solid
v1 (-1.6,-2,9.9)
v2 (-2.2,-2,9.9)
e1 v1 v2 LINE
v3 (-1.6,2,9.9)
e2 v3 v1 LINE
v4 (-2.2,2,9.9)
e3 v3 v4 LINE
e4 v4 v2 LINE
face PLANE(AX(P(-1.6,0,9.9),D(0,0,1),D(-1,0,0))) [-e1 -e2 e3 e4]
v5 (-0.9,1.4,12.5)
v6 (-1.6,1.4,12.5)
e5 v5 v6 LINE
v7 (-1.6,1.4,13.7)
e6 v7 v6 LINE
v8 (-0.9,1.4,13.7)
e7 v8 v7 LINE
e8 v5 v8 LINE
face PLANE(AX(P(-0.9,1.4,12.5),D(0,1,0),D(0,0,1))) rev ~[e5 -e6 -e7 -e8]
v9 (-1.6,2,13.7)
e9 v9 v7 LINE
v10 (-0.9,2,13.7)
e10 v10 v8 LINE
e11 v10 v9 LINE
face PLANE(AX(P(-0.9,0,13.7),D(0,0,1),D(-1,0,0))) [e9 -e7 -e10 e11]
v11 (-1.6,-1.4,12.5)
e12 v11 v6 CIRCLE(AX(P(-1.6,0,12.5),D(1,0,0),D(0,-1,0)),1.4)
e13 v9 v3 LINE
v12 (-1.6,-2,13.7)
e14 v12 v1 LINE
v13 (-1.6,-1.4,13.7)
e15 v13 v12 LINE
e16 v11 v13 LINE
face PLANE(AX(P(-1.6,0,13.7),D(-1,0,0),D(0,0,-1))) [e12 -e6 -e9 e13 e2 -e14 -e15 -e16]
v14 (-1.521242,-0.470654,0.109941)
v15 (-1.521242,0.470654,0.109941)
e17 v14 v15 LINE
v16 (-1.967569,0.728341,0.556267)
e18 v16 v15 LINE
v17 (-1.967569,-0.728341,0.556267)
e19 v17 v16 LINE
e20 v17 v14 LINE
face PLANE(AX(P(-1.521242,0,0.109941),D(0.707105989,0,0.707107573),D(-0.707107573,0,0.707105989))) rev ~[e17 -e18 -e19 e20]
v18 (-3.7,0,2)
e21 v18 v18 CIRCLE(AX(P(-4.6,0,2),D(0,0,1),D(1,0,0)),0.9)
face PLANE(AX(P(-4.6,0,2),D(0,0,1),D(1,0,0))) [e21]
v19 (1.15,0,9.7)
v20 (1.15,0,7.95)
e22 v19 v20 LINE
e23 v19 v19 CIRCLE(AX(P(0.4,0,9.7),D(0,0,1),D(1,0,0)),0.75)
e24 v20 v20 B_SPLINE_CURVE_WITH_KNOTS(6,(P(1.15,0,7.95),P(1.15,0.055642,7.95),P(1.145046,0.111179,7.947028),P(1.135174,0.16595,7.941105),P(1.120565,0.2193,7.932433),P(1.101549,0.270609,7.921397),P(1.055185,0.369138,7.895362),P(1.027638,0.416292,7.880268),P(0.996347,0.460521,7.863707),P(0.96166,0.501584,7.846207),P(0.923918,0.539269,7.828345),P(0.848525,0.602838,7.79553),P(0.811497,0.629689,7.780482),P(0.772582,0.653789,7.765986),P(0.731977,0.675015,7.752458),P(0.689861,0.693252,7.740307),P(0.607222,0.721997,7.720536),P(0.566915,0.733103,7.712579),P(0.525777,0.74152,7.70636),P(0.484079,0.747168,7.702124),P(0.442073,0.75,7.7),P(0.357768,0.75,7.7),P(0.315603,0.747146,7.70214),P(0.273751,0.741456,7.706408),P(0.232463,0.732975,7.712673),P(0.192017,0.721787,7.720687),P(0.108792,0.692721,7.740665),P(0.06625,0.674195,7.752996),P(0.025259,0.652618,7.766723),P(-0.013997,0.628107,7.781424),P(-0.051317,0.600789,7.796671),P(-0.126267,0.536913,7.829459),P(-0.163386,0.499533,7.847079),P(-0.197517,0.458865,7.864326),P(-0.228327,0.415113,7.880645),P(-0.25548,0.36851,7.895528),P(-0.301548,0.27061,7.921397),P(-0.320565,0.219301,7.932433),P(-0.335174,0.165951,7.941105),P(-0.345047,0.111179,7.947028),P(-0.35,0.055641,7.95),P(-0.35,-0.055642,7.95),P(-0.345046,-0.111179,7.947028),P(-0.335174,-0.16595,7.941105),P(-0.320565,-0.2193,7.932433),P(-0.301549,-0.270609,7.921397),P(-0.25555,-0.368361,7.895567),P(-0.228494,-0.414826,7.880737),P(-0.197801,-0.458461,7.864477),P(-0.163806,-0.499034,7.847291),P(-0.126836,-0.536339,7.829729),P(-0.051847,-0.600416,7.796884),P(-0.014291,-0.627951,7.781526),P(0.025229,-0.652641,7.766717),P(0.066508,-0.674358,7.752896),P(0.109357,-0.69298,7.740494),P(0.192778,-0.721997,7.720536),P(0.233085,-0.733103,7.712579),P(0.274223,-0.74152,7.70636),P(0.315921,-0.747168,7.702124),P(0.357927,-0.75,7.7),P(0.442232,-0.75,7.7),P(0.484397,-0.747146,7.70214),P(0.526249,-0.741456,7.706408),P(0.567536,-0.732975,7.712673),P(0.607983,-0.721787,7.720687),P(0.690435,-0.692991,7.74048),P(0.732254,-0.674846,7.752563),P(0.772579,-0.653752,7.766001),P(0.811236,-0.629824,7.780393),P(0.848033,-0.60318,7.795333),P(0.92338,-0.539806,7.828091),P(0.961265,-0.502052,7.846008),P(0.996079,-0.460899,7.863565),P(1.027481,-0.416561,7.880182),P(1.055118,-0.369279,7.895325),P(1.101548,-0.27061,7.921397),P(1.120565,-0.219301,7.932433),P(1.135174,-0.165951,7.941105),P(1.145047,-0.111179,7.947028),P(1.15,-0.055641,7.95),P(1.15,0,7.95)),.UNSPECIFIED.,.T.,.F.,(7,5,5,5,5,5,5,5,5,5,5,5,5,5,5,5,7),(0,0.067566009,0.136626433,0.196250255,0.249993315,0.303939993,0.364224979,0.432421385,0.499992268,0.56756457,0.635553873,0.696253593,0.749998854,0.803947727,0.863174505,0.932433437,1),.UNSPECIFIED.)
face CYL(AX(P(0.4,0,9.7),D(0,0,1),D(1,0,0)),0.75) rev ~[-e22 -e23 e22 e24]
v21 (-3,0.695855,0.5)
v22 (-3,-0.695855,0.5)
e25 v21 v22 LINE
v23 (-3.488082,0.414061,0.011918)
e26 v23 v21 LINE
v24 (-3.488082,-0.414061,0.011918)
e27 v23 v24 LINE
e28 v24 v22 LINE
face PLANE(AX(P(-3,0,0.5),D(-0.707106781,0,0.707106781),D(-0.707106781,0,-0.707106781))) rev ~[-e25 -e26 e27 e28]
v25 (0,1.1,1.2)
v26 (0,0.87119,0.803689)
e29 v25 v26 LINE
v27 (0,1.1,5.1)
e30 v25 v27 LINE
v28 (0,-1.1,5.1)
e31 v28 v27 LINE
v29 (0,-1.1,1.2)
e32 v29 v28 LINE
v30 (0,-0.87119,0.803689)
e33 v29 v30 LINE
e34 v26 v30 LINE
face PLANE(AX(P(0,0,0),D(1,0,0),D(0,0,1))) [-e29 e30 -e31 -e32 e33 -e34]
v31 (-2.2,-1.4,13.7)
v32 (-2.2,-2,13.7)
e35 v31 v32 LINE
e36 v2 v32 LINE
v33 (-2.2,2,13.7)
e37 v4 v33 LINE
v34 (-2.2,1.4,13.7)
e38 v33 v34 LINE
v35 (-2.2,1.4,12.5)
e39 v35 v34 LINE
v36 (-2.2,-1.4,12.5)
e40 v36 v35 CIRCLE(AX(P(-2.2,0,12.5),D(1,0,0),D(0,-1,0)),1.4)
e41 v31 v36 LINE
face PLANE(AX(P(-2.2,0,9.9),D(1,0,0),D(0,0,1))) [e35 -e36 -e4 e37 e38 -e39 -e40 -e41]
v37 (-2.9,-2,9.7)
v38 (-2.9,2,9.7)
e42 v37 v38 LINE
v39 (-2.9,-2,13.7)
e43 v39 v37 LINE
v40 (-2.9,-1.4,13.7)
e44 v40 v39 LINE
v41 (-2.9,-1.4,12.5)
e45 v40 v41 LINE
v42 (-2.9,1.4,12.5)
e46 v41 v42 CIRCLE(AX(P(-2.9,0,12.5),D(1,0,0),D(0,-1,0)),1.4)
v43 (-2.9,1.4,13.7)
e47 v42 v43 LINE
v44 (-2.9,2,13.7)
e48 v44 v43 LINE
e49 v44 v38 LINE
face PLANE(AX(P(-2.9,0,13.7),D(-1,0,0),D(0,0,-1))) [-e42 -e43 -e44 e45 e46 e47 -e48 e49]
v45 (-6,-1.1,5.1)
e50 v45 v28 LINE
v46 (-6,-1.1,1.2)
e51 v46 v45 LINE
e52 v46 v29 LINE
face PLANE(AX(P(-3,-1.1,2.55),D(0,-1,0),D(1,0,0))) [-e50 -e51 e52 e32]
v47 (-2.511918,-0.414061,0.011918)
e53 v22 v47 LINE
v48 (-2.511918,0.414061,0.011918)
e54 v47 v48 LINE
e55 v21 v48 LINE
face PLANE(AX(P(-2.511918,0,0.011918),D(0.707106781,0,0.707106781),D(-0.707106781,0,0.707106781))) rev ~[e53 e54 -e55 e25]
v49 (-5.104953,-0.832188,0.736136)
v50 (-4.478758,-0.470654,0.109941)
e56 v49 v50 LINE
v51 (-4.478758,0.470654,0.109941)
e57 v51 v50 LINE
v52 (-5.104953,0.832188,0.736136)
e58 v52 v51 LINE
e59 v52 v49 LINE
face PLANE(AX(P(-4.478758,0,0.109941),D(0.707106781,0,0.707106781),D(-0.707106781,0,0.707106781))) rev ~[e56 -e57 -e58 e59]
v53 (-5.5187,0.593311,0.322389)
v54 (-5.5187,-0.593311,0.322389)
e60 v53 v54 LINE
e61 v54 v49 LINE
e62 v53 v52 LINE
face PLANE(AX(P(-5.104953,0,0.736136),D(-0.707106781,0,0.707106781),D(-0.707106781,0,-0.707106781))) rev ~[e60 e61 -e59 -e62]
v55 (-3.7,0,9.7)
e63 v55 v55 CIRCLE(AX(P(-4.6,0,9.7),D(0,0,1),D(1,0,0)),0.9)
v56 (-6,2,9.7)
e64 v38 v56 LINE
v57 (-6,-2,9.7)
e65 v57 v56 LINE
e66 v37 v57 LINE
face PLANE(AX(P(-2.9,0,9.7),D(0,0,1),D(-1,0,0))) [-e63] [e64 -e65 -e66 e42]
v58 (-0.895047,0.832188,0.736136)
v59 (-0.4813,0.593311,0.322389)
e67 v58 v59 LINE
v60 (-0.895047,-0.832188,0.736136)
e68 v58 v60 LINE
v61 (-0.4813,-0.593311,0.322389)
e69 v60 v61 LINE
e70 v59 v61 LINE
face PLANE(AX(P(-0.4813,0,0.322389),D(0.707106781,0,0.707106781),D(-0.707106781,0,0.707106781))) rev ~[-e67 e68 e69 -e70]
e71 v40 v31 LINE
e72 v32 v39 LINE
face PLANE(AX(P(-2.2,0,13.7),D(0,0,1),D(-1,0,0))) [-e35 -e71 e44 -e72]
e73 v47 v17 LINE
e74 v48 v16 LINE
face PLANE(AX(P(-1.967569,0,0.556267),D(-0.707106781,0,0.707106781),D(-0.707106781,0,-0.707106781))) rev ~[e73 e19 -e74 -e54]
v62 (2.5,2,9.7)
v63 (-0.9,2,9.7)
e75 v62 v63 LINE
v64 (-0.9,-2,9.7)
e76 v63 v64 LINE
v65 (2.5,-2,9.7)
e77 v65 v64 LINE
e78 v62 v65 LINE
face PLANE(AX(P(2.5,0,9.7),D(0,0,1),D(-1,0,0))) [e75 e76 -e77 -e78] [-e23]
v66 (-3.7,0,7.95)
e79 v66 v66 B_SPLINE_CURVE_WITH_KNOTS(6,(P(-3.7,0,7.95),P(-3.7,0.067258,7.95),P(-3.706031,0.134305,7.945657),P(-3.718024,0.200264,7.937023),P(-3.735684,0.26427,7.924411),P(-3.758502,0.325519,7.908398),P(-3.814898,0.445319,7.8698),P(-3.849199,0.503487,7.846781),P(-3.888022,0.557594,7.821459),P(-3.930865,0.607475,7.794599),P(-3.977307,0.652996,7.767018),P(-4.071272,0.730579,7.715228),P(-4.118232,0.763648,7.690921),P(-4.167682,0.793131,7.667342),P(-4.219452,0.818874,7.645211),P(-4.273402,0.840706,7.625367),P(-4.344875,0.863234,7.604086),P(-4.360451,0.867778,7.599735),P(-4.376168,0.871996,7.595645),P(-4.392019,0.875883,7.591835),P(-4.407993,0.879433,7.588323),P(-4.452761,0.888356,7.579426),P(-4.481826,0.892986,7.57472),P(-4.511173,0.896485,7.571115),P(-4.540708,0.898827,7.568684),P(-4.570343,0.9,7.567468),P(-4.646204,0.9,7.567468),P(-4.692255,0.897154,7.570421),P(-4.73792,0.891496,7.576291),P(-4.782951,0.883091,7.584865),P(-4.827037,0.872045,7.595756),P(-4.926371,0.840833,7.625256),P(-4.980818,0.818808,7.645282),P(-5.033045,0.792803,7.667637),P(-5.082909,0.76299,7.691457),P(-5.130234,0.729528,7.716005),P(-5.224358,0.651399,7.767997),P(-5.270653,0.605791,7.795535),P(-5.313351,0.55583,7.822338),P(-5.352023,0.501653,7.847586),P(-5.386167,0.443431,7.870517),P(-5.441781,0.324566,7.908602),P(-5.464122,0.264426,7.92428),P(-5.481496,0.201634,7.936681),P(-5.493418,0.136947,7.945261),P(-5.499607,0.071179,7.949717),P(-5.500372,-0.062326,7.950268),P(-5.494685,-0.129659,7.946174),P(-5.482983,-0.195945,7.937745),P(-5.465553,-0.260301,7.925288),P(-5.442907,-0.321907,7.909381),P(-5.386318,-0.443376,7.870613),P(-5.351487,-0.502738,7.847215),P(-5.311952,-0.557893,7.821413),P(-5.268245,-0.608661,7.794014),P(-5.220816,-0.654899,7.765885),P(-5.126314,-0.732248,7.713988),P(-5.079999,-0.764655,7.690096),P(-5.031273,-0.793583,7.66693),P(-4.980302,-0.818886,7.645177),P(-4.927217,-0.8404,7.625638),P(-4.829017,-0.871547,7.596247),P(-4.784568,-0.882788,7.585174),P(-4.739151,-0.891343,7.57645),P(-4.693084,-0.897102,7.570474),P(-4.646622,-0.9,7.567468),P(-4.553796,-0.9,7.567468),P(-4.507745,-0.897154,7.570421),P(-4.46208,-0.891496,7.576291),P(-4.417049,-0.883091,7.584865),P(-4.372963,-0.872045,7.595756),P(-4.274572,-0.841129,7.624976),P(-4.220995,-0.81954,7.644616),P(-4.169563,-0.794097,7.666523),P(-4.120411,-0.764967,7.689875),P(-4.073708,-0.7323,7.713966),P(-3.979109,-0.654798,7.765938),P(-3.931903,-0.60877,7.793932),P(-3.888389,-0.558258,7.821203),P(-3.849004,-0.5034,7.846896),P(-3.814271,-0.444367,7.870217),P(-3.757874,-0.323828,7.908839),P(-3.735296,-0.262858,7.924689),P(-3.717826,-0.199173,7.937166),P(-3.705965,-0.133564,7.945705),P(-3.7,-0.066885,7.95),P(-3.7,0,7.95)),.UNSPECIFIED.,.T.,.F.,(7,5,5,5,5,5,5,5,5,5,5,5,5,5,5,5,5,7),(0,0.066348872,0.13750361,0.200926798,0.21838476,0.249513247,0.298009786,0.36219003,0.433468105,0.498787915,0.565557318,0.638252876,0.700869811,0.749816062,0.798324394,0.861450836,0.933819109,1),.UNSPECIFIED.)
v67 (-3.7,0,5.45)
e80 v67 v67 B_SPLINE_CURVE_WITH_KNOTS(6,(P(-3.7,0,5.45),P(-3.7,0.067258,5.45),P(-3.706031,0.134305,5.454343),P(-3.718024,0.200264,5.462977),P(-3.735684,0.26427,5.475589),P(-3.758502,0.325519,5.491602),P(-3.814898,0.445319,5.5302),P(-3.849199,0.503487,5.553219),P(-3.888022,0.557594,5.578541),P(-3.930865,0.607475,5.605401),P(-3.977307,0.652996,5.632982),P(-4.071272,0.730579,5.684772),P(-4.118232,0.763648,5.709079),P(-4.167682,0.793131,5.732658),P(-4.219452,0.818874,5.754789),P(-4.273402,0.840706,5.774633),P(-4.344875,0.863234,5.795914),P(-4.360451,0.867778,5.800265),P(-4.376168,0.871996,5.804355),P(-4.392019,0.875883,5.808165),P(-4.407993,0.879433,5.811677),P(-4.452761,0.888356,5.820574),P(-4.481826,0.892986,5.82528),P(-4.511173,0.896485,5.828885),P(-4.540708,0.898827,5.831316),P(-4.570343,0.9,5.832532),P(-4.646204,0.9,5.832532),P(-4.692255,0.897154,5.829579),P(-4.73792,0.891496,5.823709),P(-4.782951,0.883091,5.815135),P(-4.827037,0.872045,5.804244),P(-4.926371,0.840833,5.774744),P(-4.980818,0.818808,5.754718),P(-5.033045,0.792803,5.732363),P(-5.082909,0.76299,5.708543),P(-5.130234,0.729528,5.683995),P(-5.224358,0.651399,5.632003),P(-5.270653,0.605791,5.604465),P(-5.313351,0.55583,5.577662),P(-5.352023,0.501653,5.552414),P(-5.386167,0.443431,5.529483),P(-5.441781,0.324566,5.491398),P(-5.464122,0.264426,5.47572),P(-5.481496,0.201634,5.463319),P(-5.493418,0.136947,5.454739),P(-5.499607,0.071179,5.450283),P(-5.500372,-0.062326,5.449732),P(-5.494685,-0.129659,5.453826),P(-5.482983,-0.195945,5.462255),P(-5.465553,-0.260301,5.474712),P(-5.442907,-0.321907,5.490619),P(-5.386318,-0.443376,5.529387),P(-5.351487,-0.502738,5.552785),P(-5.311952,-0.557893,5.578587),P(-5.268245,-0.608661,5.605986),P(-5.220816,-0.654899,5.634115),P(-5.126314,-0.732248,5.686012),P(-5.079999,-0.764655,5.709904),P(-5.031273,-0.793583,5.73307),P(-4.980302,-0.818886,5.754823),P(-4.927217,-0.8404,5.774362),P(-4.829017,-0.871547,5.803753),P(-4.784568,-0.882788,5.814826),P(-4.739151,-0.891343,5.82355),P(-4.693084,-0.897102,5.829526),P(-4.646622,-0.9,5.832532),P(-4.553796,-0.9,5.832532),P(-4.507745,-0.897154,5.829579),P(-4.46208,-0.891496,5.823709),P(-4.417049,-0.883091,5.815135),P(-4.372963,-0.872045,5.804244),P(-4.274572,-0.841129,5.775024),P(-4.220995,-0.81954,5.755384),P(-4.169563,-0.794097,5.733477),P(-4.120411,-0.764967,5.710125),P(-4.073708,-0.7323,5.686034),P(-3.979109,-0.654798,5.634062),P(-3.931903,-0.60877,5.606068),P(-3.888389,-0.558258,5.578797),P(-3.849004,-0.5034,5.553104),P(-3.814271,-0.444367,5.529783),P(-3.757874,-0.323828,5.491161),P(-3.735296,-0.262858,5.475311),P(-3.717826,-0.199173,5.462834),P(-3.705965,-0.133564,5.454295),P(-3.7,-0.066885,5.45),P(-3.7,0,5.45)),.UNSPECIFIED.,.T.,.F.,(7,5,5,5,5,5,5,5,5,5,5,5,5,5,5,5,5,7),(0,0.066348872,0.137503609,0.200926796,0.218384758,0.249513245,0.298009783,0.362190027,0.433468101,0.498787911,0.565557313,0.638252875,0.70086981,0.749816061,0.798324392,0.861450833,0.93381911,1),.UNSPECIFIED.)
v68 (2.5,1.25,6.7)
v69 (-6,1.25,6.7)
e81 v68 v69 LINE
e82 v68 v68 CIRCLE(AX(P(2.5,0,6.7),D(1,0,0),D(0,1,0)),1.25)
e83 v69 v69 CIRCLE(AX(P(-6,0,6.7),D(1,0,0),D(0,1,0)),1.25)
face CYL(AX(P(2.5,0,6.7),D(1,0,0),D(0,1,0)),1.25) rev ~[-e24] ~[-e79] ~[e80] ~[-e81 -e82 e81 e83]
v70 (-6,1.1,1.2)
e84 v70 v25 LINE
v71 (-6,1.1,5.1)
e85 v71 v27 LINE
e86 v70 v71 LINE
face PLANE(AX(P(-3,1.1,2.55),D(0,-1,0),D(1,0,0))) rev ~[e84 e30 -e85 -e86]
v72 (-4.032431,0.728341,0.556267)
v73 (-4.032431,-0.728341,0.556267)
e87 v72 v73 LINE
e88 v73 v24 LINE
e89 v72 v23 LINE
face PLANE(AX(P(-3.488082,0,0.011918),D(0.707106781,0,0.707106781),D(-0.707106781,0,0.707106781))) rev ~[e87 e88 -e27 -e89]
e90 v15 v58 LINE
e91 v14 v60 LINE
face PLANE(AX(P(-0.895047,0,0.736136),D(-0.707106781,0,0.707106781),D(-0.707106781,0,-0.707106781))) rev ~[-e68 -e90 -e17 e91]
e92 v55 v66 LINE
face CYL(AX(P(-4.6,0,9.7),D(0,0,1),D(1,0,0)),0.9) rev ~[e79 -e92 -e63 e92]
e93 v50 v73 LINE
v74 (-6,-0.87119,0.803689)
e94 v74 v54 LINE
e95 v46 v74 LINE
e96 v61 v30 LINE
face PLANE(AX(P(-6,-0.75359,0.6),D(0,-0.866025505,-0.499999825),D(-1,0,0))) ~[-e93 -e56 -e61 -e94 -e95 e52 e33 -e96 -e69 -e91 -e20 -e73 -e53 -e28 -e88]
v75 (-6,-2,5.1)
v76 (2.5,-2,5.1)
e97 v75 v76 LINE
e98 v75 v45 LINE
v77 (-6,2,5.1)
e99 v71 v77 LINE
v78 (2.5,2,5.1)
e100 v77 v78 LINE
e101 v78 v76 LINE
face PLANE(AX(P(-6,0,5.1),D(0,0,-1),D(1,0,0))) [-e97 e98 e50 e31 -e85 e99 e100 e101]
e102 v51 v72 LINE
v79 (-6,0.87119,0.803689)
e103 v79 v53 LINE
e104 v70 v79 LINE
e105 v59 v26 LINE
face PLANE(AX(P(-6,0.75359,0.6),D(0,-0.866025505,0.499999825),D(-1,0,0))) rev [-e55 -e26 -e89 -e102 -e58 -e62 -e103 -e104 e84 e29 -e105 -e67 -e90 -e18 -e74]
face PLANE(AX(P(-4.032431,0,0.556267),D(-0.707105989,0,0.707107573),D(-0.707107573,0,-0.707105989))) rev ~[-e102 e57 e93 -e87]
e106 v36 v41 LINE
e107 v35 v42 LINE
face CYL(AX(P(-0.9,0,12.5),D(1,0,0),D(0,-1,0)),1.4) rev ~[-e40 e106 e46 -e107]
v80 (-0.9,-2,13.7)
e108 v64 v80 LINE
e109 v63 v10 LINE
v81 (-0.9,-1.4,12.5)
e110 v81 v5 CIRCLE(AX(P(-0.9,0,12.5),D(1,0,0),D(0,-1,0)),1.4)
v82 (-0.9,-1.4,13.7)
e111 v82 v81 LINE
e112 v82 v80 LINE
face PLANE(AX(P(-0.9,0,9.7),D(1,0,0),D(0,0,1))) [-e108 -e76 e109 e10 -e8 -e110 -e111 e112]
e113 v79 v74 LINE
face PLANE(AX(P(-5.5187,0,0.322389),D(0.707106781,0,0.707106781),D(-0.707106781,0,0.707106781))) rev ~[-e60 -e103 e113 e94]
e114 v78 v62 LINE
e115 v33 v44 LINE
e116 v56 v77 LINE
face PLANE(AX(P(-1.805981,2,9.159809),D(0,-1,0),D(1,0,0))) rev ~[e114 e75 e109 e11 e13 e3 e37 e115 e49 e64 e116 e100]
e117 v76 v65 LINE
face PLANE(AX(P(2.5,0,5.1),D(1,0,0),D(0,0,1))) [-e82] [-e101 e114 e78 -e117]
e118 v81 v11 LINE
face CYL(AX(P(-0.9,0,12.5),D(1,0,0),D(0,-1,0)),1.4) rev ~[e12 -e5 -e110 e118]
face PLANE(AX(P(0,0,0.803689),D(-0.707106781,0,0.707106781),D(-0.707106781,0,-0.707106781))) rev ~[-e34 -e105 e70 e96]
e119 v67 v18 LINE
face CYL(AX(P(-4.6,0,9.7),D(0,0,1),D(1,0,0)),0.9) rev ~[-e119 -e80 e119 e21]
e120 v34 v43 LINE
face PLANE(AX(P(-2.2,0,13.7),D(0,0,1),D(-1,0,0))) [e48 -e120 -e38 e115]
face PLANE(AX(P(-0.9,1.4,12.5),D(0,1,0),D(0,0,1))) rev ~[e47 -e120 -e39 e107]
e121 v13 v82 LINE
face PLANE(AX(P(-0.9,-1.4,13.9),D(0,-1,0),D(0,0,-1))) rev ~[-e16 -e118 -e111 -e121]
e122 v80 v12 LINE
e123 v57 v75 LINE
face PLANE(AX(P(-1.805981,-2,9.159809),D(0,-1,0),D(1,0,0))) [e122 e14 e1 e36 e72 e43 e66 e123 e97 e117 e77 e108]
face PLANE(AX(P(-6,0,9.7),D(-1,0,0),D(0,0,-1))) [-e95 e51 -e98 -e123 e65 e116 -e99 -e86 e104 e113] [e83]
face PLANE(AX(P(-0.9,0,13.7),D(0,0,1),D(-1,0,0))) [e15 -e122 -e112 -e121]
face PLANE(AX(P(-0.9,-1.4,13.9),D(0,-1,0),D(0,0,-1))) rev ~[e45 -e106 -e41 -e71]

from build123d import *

# Parameters (mm, degrees)
F1_DEPTH  = 2
F0_W      = 6
F0_H      = 5.1
F2_DEPTH  = 1.1
F3_W      = 2.8
F3_H      = 0.2
F4_DEPTH  = 2
F5_R      = 1.25
F6_DEPTH  = 8.5
F7_R      = 0.75
F8_DEPTH  = 3
F9_R      = 0.9
F10_DEPTH = 7.7
F11_SIZE2 = 0.69282
F11_SIZE  = 1.2
F13_DEPTH = 12.5


with BuildPart() as f1:
    # F0 (on Front) → F1 (new body, symmetric)
    with BuildSketch(Plane.XZ):
        Polygon((-6, 5.1), (0, 5.1), (2.5, 5.1), (2.5, 9.7), (-0.9, 9.7), (-0.9, 13.7), (-1.6, 13.7), (-1.6, 9.9), (-2.2, 9.9), (-2.2, 13.7), (-2.9, 13.7), (-2.9, 9.7), (-6, 9.7), align=None)
    extrude(amount=F1_DEPTH, both=True)

    # F0 (on Front) → F2 (join, symmetric)
    with BuildSketch(Plane.XZ):
        with Locations((-3, 2.55)):
            Rectangle(F0_W, F0_H)
    extrude(amount=F2_DEPTH, both=True)

    # F3 (on face) → F4 (cut)
    with BuildSketch(Plane.YZ.offset(-0.9)):
        with Locations((0, 13.8)):
            Rectangle(F3_W, F3_H)
        with BuildLine():
            Line((-1.4, 13.7), (-1.4, 12.5))
            ThreePointArc((-1.4, 12.5), (0, 11.1), (1.4, 12.5))
            Line((1.4, 12.5), (1.4, 13.7))
            Line((1.4, 13.7), (-1.4, 13.7))
        make_face()
    extrude(amount=-F4_DEPTH, mode=Mode.SUBTRACT)

    # F5 (on face) → F6 (cut)
    with BuildSketch(Plane.YZ.offset(2.5)):
        with Locations((0, 6.7)):
            Circle(F5_R)
    extrude(amount=-F6_DEPTH, mode=Mode.SUBTRACT)

    # F7 (on face) → F8 (cut)
    with BuildSketch(Plane.XY.offset(9.7)):
        with Locations((0.4, 0)):
            Circle(F7_R)
    extrude(amount=-F8_DEPTH, mode=Mode.SUBTRACT)

    # F9 (on face) → F10 (cut)
    with BuildSketch(Plane.XY.offset(9.7)):
        with Locations((-4.6, 0)):
            Circle(F9_R)
    extrude(amount=-F10_DEPTH, mode=Mode.SUBTRACT)

    # F11
    f11_edges = [f1.edges().sort_by_distance(p)[0] for p in [
        (-3, -1.1, 0),
        (-3, 1.1, 0),
    ]]
    chamfer(f11_edges, length=F11_SIZE, length2=F11_SIZE2)

    # F12 (on Front) → F13 (cut, symmetric)
    with BuildSketch(Plane.XZ):
        Polygon((-2.511918, 0.011918), (-3, 0.5), (-3.488082, 0.011918), (-4.032431, 0.556267), (-4.478758, 0.109941), (-5.104953, 0.736136), (-5.5187, 0.322389), (-6, 0.803689), (-6, 0), (0, 0), (0, 0.803689), (-0.4813, 0.322389), (-0.895047, 0.736136), (-1.521242, 0.109941), (-1.967569, 0.556267), align=None)
    extrude(amount=F13_DEPTH, both=True, mode=Mode.SUBTRACT)


solid = f1.part
